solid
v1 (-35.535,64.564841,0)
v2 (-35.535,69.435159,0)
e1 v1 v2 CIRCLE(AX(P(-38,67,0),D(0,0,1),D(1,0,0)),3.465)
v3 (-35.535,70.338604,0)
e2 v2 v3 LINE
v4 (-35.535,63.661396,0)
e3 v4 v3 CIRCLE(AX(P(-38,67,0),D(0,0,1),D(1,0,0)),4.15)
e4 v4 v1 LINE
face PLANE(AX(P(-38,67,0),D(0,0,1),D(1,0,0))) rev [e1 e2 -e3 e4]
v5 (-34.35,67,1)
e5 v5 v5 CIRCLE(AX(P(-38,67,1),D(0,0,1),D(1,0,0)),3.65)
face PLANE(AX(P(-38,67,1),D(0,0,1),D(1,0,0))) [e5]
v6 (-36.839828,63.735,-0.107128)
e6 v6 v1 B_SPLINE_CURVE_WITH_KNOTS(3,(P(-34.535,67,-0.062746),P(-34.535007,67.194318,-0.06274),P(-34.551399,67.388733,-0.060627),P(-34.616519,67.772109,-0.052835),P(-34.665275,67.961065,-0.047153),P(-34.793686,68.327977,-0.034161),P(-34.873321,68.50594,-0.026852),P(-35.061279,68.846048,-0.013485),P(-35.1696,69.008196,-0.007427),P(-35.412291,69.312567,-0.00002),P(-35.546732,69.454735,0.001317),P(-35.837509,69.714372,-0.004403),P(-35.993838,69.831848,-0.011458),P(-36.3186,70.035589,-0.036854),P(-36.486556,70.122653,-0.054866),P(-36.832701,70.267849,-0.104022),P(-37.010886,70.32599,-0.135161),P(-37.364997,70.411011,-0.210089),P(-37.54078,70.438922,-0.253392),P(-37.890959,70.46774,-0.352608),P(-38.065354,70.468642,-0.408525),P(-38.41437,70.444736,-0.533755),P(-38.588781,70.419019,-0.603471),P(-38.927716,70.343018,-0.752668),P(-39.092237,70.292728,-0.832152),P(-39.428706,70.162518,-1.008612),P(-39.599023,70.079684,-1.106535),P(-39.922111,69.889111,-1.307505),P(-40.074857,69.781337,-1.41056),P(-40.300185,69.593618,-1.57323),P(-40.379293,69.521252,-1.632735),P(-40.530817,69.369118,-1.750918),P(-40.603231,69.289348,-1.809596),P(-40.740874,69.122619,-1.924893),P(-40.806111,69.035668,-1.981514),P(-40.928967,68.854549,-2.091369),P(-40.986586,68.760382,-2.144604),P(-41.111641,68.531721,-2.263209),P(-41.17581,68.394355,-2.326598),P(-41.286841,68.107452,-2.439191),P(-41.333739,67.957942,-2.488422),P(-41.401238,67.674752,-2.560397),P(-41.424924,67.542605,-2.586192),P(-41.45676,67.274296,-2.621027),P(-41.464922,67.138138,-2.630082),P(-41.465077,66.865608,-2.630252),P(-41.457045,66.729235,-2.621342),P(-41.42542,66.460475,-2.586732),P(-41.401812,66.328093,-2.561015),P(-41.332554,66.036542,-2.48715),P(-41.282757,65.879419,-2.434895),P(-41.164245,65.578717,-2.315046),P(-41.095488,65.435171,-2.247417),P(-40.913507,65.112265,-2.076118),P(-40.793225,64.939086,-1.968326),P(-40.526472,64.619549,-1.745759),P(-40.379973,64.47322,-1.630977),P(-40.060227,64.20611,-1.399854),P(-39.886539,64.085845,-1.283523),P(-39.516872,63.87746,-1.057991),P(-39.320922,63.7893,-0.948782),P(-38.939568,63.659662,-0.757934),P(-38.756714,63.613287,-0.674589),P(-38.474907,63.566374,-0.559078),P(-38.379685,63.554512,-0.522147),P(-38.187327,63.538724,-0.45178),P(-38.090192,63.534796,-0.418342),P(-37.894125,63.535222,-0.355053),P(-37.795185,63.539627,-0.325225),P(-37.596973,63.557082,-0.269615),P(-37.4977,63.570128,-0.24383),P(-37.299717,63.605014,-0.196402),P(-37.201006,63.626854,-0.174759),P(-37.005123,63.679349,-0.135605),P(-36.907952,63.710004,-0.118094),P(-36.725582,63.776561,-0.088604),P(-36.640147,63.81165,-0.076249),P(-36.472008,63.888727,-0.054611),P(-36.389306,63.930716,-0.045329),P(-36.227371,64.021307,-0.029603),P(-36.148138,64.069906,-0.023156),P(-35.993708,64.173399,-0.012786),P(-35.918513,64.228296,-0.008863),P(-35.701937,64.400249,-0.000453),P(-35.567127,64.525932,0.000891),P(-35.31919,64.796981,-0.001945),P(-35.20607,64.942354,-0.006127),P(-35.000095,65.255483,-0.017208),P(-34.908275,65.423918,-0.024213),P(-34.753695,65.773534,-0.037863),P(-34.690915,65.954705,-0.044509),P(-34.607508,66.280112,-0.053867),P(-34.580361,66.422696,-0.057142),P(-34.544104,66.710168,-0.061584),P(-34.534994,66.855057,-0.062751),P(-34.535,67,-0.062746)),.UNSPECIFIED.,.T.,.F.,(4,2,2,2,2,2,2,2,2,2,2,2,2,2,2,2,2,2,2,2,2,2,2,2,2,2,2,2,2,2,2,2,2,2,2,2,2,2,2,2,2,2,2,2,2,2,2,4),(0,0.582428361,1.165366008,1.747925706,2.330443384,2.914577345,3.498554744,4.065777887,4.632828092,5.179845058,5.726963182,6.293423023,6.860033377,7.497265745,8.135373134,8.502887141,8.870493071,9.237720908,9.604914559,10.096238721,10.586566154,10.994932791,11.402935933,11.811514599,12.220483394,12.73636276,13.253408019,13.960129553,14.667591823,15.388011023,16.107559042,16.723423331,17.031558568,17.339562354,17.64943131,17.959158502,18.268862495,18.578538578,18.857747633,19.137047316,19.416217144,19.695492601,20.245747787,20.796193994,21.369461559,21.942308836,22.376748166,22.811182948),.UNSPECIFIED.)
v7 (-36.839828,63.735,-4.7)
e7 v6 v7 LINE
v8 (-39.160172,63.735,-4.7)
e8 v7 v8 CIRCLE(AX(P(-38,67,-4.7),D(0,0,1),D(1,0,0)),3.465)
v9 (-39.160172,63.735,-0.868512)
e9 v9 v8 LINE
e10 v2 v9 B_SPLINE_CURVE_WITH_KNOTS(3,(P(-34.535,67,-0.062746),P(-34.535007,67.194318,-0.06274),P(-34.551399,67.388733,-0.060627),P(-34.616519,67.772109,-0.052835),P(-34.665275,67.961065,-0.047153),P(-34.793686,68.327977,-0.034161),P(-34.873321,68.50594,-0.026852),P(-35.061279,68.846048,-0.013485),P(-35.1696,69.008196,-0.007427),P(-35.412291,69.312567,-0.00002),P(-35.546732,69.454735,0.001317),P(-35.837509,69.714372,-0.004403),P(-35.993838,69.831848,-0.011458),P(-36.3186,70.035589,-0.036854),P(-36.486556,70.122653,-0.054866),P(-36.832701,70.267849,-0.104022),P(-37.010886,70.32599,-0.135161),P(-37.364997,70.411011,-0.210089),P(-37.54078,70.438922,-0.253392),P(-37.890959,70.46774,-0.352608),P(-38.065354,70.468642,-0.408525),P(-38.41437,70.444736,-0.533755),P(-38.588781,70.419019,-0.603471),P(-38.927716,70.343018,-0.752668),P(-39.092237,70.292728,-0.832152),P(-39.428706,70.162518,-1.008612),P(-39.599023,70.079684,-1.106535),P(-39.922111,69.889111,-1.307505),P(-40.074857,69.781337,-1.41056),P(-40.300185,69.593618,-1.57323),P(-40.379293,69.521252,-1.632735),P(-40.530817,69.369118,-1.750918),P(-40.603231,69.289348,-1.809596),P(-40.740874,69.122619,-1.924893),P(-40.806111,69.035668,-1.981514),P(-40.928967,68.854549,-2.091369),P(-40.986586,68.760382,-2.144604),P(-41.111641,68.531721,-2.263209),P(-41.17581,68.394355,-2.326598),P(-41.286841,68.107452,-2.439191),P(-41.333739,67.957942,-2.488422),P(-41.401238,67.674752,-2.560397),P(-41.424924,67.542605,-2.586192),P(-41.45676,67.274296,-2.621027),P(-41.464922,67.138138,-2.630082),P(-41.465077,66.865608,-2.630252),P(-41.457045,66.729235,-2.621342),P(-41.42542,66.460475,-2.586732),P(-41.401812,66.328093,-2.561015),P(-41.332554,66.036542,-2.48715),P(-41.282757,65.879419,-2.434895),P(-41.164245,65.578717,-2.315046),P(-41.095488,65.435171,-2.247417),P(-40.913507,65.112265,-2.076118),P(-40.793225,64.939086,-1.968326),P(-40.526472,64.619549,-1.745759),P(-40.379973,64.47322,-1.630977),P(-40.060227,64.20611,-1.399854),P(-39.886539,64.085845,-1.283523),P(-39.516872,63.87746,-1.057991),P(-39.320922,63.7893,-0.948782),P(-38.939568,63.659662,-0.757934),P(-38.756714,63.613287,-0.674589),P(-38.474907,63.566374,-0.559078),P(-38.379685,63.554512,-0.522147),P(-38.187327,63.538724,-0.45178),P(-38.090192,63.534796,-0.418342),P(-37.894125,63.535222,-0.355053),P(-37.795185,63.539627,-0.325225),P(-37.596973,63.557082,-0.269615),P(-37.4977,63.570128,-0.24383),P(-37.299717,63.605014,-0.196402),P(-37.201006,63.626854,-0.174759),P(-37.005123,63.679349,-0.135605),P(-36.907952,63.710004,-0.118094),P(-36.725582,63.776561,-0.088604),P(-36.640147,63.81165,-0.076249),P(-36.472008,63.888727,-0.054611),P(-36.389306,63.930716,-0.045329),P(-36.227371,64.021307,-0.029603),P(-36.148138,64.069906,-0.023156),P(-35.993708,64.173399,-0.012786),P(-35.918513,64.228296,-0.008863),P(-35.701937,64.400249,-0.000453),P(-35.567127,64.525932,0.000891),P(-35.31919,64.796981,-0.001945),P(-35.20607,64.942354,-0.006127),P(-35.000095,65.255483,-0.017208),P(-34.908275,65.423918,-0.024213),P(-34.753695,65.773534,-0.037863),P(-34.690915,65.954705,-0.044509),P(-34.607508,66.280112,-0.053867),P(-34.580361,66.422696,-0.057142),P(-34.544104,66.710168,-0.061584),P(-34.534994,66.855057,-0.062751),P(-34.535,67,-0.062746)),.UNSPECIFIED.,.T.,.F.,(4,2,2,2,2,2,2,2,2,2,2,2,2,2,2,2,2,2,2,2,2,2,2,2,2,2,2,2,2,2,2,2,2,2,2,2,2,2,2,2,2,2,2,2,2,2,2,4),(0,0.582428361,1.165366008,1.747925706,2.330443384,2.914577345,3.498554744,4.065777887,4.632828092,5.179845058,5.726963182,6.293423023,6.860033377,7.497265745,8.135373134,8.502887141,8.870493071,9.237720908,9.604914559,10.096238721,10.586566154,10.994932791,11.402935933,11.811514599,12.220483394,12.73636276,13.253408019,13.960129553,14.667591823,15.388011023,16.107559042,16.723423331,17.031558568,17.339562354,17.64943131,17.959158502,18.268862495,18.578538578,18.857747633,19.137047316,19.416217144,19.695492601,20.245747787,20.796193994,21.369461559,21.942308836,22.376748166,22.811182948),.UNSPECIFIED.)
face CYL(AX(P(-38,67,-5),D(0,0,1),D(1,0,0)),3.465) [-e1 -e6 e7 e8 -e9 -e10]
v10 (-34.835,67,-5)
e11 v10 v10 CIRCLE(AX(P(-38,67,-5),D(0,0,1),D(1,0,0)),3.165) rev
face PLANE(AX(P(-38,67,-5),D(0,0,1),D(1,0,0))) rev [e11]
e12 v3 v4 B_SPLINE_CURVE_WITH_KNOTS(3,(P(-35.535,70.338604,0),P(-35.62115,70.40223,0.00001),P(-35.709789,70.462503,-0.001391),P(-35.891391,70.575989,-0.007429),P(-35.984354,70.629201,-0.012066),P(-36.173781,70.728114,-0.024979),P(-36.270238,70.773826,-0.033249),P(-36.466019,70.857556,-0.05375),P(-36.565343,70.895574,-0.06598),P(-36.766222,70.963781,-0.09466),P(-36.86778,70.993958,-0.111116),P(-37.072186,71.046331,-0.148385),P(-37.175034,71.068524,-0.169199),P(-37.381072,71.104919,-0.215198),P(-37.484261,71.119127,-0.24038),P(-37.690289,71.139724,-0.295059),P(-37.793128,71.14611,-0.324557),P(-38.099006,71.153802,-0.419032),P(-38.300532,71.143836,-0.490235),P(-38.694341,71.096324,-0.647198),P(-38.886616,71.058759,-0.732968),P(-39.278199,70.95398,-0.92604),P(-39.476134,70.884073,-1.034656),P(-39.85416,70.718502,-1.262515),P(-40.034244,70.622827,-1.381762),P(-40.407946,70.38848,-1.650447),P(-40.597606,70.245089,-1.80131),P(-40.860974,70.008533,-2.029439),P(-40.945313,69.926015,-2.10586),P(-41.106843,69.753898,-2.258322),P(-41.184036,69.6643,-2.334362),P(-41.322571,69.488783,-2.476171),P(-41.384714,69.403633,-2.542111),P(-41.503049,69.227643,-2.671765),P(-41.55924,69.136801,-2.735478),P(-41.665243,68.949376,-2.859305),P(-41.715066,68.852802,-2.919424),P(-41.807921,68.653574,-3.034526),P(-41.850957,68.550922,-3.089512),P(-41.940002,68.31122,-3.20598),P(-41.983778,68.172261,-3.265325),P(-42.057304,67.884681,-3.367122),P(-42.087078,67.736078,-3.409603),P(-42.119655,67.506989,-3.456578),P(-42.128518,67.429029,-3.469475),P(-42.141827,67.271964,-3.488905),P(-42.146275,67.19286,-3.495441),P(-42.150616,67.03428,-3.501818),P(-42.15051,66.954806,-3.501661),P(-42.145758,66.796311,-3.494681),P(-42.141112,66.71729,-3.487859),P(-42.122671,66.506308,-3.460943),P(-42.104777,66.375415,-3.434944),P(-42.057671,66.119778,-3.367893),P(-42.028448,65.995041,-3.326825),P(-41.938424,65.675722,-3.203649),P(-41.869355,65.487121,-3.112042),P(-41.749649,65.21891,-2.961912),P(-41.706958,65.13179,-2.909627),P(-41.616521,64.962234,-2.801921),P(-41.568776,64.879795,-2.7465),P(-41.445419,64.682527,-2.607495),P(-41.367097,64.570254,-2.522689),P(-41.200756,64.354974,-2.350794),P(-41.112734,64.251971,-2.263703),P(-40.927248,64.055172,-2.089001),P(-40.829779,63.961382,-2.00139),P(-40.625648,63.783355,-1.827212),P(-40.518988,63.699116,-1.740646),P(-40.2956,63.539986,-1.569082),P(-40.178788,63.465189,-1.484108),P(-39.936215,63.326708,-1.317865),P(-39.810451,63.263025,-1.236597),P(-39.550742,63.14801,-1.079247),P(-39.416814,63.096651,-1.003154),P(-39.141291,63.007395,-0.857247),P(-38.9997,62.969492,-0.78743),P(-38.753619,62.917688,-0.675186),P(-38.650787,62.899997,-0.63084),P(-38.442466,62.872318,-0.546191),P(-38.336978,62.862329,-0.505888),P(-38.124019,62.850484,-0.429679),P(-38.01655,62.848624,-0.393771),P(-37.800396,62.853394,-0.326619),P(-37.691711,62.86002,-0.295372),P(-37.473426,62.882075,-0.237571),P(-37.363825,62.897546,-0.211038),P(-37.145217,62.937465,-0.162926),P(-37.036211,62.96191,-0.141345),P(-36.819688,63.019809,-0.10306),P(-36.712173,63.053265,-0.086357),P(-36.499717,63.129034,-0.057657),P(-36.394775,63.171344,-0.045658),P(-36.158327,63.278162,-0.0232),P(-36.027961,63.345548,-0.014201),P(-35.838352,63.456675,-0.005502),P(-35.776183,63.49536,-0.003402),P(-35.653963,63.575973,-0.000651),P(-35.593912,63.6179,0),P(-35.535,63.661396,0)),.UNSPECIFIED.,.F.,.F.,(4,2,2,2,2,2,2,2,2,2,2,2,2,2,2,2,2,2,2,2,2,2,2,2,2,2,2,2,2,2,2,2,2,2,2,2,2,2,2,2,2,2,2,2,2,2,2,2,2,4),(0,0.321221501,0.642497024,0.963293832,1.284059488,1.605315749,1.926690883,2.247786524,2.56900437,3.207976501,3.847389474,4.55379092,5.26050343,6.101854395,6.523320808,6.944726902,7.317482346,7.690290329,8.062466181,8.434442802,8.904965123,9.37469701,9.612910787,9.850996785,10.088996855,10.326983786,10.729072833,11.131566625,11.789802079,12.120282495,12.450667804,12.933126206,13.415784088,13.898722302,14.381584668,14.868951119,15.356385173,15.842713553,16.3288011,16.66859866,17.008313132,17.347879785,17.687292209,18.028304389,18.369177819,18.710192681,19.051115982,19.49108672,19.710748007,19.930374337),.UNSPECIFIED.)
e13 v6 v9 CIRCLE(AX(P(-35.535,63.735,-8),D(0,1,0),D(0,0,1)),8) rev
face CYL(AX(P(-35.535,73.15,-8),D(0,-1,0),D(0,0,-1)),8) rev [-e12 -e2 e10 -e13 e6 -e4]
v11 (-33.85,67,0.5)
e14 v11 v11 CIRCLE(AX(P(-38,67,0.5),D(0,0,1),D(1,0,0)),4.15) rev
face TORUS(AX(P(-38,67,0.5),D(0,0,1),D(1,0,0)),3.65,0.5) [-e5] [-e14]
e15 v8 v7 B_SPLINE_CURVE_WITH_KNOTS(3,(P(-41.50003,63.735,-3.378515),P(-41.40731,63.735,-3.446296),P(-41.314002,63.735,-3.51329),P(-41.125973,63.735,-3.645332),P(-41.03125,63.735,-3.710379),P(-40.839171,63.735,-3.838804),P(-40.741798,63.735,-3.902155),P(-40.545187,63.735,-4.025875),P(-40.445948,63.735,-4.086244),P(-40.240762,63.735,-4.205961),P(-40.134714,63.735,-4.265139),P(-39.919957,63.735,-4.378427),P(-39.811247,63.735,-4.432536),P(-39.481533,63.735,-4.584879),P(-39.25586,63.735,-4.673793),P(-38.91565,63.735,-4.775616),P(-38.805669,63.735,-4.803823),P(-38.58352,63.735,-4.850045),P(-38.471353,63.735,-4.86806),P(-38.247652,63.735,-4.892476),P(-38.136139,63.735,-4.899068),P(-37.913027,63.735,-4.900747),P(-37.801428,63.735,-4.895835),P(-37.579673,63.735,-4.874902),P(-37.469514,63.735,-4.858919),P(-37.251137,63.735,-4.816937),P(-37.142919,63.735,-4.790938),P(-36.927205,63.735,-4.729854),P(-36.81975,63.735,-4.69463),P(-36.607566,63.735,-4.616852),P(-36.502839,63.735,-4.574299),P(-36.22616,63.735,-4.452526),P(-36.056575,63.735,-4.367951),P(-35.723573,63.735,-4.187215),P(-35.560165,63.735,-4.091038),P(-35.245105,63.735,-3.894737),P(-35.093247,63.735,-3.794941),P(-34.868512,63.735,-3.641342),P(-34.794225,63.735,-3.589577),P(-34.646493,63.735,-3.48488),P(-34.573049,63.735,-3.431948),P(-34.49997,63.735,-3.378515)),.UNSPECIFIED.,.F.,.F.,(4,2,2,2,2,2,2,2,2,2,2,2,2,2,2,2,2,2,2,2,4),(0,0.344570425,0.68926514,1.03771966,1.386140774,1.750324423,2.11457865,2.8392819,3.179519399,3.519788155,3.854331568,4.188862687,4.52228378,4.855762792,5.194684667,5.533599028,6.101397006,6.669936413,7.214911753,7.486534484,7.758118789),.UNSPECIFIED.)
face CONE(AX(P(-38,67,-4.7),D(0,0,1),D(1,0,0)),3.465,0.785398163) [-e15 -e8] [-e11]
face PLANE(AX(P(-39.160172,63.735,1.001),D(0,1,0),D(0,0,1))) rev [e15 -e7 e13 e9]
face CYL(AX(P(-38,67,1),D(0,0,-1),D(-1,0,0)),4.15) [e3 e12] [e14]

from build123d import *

# Parameters (mm, degrees)
ESQUISSE1_R                  = 3.465
BOSS_EXTRU_1_DEPTH           = 5
ESQUISSE2_R                  = 4.15
BOSS_EXTRU_2_DEPTH           = 1
CONG_1_R                     = 0.5
BOSS_EXTRU_3_DEPTH           = 9
BOSS_EXTRU_3_DEPTH_BACK      = 2
ENL_V_START                  = -8
ENL_V_MAT_EXTRU_1_DEPTH      = 8
CHANFREIN1_SIZE              = 0.3
ENL_V_MAT_EXTRU_2_REACH      = 84.915
ENL_V_MAT_EXTRU_2_END_RADIUS = 8


with BuildPart() as part:
    # Esquisse1 → Boss.-Extru.1 (new body)
    with BuildSketch(Plane.XY):
        with Locations((-38, 67)):
            Circle(ESQUISSE1_R)
    extrude(amount=-BOSS_EXTRU_1_DEPTH)

    # Esquisse2 → Boss.-Extru.2 (add)
    with BuildSketch(Plane.XY):
        with Locations((-38, 67)):
            Circle(ESQUISSE2_R)
    extrude(amount=BOSS_EXTRU_2_DEPTH)

    # Congé1
    cong_1_edges = [part.edges().sort_by_distance(p)[0] for p in [
        (-42.15, 67, 1),
    ]]
    fillet(cong_1_edges, radius=CONG_1_R)

    # Esquisse4 → Boss.-Extru.3 (add, two sides: drawn at the far end of the back side and taken through both)
    with BuildSketch(Plane(origin=(29.785, 71.15, 0), x_dir=(0, 0, 1), z_dir=(0, -1, 0)).offset(-BOSS_EXTRU_3_DEPTH_BACK)):
        with BuildLine():
            Line((0, 71.935), (-3.500913982, 71.935))
            ThreePointArc((-3.500913982, 71.935), (-0.929190706, 69.062145899), (0, 65.32))
            Line((0, 65.32), (0, 71.935))
        make_face()
    extrude(amount=BOSS_EXTRU_3_DEPTH + BOSS_EXTRU_3_DEPTH_BACK)

    # Esquisse5 → Enlèv. mat.-Extru.1 (cut)
    with BuildSketch(Plane.XY.offset(1).offset(ENL_V_START)):
        with BuildLine():
            Line((-35.535, 63.66139625), (-34.484183595, 58.91127048))
            Line((-34.484183595, 58.91127048), (-43.808246532, 59.466119951))
            Line((-43.808246532, 59.466119951), (-42.997006725, 73.486489438))
            Line((-42.997006725, 73.486489438), (-34.816687162, 73.486489438))
            Line((-34.816687162, 73.486489438), (-35.535, 70.33860375))
            ThreePointArc((-35.535, 70.33860375), (-39.86985962, 70.704878541), (-42.15, 67))
            ThreePointArc((-42.15, 67), (-39.86985962, 63.295121459), (-35.535, 63.66139625))
        make_face()
    extrude(amount=ENL_V_MAT_EXTRU_1_DEPTH, mode=Mode.SUBTRACT)

    # Chanfrein1
    chanfrein1_edges = [part.edges().sort_by_distance(p)[0] for p in [
        (-41.465, 67, -5),
    ]]
    chamfer(chanfrein1_edges, length=CHANFREIN1_SIZE)

    # Enlèv. mat.-Extru.2: up to this cylinder (the profile starts inside it)
    enl_v_mat_extru_2_end = Plane(origin=(-35.535, 63.654799, -8), z_dir=(0, -1, 0)) * Cylinder(ENL_V_MAT_EXTRU_2_END_RADIUS, 186.83, mode=Mode.PRIVATE)
    # Esquisse7 → Enlèv. mat.-Extru.2 (cut, up to the surface)
    with BuildSketch(Plane(origin=(0, 0, -5), x_dir=(-1, 0, 0), z_dir=(0, 0, -1)), mode=Mode.PRIVATE) as enl_v_mat_extru_2_sk1:
        with BuildLine():
            Line((39.160172401, 63.735), (36.839827599, 63.735))
            ThreePointArc((36.839827599, 63.735), (38, 63.535), (39.160172401, 63.735))
        make_face()
    enl_v_mat_extru_2_tool1 = extrude(enl_v_mat_extru_2_sk1.sketch, amount=-ENL_V_MAT_EXTRU_2_REACH, mode=Mode.PRIVATE) & enl_v_mat_extru_2_end
    add(enl_v_mat_extru_2_tool1.solids().sort_by_distance((-38, 63.654799, -5))[0], mode=Mode.SUBTRACT)


solid = part.part
